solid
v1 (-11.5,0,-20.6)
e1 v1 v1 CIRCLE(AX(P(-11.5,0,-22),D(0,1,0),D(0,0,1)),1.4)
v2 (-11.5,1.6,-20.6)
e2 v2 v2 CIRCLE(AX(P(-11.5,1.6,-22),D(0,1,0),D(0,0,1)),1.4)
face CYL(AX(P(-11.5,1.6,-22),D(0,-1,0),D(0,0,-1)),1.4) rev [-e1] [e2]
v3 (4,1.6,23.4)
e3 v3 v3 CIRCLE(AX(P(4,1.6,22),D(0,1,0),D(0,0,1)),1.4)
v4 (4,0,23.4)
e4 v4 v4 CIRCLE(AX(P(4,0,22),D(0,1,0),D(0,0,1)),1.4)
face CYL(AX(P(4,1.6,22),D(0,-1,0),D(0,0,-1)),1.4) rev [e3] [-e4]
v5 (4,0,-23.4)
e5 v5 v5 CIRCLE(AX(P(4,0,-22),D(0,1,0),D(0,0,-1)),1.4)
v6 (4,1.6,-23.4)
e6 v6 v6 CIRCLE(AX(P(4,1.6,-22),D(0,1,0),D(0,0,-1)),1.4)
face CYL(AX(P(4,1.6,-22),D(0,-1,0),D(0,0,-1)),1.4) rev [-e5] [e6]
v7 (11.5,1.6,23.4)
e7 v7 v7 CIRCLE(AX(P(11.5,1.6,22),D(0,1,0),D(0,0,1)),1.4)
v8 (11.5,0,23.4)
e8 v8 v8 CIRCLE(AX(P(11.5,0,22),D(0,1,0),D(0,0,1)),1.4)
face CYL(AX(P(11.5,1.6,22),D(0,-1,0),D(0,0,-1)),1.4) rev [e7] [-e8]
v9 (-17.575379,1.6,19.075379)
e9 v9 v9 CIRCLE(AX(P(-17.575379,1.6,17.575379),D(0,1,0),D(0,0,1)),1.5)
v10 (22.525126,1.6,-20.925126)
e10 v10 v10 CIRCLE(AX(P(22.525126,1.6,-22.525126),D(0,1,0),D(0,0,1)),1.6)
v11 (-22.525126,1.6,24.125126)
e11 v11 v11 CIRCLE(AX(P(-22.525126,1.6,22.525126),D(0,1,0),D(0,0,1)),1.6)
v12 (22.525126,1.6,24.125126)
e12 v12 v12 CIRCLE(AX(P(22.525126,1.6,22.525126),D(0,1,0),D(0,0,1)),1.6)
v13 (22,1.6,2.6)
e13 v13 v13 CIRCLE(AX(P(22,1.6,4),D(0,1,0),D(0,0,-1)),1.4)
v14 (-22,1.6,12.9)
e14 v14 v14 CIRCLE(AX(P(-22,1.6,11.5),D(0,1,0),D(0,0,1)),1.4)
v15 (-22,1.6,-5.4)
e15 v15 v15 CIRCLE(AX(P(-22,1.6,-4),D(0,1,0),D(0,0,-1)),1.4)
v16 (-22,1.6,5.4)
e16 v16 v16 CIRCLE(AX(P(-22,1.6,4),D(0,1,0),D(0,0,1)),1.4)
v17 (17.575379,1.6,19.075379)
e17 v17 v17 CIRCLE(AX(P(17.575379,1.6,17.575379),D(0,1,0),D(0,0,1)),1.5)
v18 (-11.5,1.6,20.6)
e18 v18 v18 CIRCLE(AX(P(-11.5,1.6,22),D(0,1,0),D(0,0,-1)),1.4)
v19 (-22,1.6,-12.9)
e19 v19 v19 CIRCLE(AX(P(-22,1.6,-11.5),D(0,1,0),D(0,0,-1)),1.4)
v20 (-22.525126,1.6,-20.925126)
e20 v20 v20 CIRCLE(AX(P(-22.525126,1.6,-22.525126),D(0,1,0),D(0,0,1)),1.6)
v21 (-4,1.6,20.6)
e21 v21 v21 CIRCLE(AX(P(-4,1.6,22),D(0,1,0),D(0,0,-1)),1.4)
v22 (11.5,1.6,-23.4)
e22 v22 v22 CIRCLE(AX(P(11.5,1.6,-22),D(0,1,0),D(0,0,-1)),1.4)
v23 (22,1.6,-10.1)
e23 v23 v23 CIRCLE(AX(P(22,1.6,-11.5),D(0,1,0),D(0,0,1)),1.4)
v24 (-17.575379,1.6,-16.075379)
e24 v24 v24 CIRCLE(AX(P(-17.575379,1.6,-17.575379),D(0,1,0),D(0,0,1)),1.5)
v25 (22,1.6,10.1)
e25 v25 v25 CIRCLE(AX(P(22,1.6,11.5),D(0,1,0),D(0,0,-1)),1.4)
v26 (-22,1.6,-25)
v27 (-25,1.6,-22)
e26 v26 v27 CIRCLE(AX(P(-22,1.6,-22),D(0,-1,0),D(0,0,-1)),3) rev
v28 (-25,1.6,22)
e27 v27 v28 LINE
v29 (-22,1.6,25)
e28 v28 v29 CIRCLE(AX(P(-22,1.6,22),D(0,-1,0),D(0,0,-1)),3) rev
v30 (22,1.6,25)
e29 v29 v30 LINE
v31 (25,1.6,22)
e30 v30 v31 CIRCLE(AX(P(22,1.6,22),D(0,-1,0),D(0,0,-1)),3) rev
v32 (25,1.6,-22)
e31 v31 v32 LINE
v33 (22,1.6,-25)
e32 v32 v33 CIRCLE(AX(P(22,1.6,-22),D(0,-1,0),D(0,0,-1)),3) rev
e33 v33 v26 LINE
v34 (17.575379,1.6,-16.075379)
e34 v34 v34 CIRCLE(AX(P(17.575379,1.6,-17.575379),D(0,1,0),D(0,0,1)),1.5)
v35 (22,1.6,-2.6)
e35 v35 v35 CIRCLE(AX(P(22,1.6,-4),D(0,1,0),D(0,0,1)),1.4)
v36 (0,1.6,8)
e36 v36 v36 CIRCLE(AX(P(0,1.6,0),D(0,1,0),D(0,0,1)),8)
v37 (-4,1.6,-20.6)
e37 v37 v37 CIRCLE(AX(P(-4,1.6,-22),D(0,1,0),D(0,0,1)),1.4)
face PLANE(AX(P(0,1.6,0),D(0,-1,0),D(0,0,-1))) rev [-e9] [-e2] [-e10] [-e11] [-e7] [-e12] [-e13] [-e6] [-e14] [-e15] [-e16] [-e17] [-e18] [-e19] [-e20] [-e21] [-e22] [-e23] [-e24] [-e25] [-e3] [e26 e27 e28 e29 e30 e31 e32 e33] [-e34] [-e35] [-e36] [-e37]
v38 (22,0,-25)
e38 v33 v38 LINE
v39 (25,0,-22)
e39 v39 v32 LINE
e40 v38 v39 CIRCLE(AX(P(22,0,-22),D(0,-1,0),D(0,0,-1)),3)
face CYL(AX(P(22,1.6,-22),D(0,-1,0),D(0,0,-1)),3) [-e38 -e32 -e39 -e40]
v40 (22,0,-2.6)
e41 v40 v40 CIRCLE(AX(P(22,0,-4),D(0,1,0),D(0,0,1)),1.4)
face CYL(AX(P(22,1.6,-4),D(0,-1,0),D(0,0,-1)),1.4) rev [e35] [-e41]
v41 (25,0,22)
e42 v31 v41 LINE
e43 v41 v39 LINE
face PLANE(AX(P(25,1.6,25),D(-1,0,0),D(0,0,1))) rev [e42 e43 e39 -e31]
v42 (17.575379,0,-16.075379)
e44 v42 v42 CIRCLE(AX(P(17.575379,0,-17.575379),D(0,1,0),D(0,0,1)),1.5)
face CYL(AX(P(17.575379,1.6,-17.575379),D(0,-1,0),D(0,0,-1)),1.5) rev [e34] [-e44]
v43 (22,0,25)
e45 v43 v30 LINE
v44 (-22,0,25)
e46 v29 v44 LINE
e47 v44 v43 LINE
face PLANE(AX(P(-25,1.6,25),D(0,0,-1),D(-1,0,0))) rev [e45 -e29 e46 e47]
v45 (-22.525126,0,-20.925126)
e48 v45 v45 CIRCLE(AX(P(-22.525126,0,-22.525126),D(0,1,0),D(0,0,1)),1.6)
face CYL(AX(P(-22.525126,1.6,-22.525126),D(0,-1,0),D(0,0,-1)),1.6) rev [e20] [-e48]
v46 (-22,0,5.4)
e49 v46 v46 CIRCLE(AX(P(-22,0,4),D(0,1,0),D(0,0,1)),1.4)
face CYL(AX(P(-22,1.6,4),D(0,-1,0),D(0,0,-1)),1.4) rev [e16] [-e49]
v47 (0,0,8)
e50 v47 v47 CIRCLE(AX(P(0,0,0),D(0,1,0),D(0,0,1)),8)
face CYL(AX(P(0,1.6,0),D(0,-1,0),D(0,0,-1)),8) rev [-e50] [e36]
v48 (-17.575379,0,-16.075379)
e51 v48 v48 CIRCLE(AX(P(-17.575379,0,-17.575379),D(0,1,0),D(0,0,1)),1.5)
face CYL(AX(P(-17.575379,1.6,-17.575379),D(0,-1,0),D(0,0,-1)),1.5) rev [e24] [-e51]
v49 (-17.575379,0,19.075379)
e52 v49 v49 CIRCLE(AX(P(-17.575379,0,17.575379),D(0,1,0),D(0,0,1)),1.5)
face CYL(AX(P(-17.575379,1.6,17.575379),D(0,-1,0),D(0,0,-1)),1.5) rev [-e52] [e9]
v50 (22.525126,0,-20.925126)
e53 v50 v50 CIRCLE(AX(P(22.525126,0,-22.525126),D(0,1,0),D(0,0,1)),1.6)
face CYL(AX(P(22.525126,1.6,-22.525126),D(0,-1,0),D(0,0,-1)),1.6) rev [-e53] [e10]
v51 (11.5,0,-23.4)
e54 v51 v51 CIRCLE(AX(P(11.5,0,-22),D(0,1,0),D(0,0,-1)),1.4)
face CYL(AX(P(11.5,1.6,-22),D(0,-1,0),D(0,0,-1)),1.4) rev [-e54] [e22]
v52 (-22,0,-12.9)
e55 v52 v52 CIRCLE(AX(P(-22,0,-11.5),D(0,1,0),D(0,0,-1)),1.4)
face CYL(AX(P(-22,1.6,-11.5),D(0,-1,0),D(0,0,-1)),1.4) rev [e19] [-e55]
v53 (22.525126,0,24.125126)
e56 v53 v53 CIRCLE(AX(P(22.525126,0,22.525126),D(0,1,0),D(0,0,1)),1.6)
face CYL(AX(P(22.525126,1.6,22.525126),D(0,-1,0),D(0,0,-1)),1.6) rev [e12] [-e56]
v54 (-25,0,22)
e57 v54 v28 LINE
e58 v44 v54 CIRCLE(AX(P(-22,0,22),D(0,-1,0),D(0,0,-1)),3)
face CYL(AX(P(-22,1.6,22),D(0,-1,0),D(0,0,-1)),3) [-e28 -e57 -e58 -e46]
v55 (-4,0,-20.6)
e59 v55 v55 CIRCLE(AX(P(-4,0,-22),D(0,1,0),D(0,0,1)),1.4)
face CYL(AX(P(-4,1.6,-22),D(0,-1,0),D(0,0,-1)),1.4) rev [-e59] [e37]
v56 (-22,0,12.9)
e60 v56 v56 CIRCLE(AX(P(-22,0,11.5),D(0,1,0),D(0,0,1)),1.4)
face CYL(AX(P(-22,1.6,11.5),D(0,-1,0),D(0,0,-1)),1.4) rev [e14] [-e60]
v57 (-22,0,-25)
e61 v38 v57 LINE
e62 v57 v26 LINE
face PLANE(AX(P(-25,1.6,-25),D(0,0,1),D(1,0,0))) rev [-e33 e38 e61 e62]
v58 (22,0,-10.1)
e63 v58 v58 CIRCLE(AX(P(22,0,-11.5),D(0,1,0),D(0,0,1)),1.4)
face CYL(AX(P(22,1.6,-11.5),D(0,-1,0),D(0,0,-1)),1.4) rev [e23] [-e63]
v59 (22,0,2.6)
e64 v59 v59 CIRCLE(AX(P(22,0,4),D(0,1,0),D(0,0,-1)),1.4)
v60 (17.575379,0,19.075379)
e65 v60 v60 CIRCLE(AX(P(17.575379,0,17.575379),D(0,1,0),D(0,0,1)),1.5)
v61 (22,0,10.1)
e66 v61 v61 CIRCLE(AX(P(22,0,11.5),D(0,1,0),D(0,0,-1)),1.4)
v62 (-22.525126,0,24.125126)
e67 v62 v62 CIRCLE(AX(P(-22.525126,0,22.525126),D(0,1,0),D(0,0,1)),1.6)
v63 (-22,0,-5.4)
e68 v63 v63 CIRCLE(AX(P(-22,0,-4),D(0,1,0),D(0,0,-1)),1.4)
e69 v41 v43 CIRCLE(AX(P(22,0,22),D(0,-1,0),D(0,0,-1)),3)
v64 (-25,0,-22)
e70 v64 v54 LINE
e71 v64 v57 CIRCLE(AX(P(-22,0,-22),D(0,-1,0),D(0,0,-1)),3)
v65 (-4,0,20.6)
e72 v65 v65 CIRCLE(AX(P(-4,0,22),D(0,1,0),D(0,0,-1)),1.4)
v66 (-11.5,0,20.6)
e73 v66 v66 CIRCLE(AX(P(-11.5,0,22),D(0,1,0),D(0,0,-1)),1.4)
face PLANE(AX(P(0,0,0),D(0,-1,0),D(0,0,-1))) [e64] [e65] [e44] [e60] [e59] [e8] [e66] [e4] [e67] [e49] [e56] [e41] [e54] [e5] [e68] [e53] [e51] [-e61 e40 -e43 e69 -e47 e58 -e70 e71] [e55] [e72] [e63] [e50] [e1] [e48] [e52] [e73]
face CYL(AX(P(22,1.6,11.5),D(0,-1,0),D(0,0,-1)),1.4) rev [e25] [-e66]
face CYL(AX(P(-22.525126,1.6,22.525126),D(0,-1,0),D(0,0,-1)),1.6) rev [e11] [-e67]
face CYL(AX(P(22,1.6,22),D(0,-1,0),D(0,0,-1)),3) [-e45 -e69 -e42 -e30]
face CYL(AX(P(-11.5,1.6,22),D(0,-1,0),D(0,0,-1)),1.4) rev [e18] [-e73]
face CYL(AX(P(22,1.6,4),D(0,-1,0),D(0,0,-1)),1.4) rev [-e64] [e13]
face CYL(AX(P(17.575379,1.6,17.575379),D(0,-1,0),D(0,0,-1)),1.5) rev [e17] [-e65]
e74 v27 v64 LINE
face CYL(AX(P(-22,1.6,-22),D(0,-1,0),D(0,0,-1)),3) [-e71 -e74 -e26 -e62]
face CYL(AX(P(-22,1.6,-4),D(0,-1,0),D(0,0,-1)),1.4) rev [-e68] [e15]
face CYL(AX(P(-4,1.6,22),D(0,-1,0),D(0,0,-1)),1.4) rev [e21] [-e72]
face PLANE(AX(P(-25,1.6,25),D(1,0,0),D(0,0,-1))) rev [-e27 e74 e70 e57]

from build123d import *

# Parameters (mm, degrees)
SKETCH1_W           = 50
SKETCH1_H           = 50
SKETCH1_R           = 8
SKETCH1_R_2         = 1.6
SKETCH1_R_3         = 1.5
SKETCH1_R_4         = 1.4
BOSS_EXTRUDE1_DEPTH = 1.6
FILLET1_R           = 3


with BuildPart() as part:
    # Sketch1 → Boss-Extrude1 (new body)
    with BuildSketch(Plane(origin=(0, 0, 0), x_dir=(1, 0, 0), z_dir=(0, 1, 0))):
        Rectangle(SKETCH1_W, SKETCH1_H)
        with Locations(Location((0, 0, 0), (0, 0, 270))):
            Circle(SKETCH1_R, mode=Mode.SUBTRACT)
        with Locations(Location((-22.525126266, 22.525126266, 0), (0, 0, 270))):
            Circle(SKETCH1_R_2, mode=Mode.SUBTRACT)
        with Locations(Location((-17.575378798, 17.575378798, 0), (0, 0, 270))):
            Circle(SKETCH1_R_3, mode=Mode.SUBTRACT)
        with Locations(Location((-4, 22, 0), (0, 0, 270))):
            Circle(SKETCH1_R_4, mode=Mode.SUBTRACT)
        with Locations(Location((-11.5, 22, 0), (0, 0, 270))):
            Circle(SKETCH1_R_4, mode=Mode.SUBTRACT)
        with Locations(Location((4, 22, 0), (0, 0, 90))):
            Circle(SKETCH1_R_4, mode=Mode.SUBTRACT)
        with Locations(Location((11.5, 22, 0), (0, 0, 90))):
            Circle(SKETCH1_R_4, mode=Mode.SUBTRACT)
        with Locations(Location((22, 11.5, 0), (0, 0, 270))):
            Circle(SKETCH1_R_4, mode=Mode.SUBTRACT)
        with Locations(Location((22, 4, 0), (0, 0, 270))):
            Circle(SKETCH1_R_4, mode=Mode.SUBTRACT)
        with Locations(Location((22, -4, 0), (0, 0, 90))):
            Circle(SKETCH1_R_4, mode=Mode.SUBTRACT)
        with Locations(Location((22, -11.5, 0), (0, 0, 90))):
            Circle(SKETCH1_R_4, mode=Mode.SUBTRACT)
        with Locations(Location((11.5, -22, 0), (0, 0, 270))):
            Circle(SKETCH1_R_4, mode=Mode.SUBTRACT)
        with Locations(Location((4, -22, 0), (0, 0, 270))):
            Circle(SKETCH1_R_4, mode=Mode.SUBTRACT)
        with Locations(Location((-4, -22, 0), (0, 0, 90))):
            Circle(SKETCH1_R_4, mode=Mode.SUBTRACT)
        with Locations(Location((-11.5, -22, 0), (0, 0, 90))):
            Circle(SKETCH1_R_4, mode=Mode.SUBTRACT)
        with Locations(Location((-22, -11.5, 0), (0, 0, 270))):
            Circle(SKETCH1_R_4, mode=Mode.SUBTRACT)
        with Locations(Location((-22, -4, 0), (0, 0, 270))):
            Circle(SKETCH1_R_4, mode=Mode.SUBTRACT)
        with Locations(Location((-22, 4, 0), (0, 0, 90))):
            Circle(SKETCH1_R_4, mode=Mode.SUBTRACT)
        with Locations(Location((-22, 11.5, 0), (0, 0, 90))):
            Circle(SKETCH1_R_4, mode=Mode.SUBTRACT)
        with Locations(Location((22.525126266, 22.525126266, 0), (0, 0, 270))):
            Circle(SKETCH1_R_2, mode=Mode.SUBTRACT)
        with Locations(Location((17.575378798, 17.575378798, 0), (0, 0, 270))):
            Circle(SKETCH1_R_3, mode=Mode.SUBTRACT)
        with Locations(Location((22.525126266, -22.525126266, 0), (0, 0, 270))):
            Circle(SKETCH1_R_2, mode=Mode.SUBTRACT)
        with Locations(Location((17.575378798, -17.575378798, 0), (0, 0, 270))):
            Circle(SKETCH1_R_3, mode=Mode.SUBTRACT)
        with Locations(Location((-22.525126266, -22.525126266, 0), (0, 0, 270))):
            Circle(SKETCH1_R_2, mode=Mode.SUBTRACT)
        with Locations(Location((-17.575378798, -17.575378798, 0), (0, 0, 270))):
            Circle(SKETCH1_R_3, mode=Mode.SUBTRACT)
    extrude(amount=BOSS_EXTRUDE1_DEPTH)

    # Fillet1
    fillet1_edges = [part.edges().sort_by_distance(p)[0] for p in [
        (25, 0.8, 25),
        (-25, 0.8, 25),
        (-25, 0.8, -25),
        (25, 0.8, -25),
    ]]
    fillet(fillet1_edges, radius=FILLET1_R)


solid = part.part
